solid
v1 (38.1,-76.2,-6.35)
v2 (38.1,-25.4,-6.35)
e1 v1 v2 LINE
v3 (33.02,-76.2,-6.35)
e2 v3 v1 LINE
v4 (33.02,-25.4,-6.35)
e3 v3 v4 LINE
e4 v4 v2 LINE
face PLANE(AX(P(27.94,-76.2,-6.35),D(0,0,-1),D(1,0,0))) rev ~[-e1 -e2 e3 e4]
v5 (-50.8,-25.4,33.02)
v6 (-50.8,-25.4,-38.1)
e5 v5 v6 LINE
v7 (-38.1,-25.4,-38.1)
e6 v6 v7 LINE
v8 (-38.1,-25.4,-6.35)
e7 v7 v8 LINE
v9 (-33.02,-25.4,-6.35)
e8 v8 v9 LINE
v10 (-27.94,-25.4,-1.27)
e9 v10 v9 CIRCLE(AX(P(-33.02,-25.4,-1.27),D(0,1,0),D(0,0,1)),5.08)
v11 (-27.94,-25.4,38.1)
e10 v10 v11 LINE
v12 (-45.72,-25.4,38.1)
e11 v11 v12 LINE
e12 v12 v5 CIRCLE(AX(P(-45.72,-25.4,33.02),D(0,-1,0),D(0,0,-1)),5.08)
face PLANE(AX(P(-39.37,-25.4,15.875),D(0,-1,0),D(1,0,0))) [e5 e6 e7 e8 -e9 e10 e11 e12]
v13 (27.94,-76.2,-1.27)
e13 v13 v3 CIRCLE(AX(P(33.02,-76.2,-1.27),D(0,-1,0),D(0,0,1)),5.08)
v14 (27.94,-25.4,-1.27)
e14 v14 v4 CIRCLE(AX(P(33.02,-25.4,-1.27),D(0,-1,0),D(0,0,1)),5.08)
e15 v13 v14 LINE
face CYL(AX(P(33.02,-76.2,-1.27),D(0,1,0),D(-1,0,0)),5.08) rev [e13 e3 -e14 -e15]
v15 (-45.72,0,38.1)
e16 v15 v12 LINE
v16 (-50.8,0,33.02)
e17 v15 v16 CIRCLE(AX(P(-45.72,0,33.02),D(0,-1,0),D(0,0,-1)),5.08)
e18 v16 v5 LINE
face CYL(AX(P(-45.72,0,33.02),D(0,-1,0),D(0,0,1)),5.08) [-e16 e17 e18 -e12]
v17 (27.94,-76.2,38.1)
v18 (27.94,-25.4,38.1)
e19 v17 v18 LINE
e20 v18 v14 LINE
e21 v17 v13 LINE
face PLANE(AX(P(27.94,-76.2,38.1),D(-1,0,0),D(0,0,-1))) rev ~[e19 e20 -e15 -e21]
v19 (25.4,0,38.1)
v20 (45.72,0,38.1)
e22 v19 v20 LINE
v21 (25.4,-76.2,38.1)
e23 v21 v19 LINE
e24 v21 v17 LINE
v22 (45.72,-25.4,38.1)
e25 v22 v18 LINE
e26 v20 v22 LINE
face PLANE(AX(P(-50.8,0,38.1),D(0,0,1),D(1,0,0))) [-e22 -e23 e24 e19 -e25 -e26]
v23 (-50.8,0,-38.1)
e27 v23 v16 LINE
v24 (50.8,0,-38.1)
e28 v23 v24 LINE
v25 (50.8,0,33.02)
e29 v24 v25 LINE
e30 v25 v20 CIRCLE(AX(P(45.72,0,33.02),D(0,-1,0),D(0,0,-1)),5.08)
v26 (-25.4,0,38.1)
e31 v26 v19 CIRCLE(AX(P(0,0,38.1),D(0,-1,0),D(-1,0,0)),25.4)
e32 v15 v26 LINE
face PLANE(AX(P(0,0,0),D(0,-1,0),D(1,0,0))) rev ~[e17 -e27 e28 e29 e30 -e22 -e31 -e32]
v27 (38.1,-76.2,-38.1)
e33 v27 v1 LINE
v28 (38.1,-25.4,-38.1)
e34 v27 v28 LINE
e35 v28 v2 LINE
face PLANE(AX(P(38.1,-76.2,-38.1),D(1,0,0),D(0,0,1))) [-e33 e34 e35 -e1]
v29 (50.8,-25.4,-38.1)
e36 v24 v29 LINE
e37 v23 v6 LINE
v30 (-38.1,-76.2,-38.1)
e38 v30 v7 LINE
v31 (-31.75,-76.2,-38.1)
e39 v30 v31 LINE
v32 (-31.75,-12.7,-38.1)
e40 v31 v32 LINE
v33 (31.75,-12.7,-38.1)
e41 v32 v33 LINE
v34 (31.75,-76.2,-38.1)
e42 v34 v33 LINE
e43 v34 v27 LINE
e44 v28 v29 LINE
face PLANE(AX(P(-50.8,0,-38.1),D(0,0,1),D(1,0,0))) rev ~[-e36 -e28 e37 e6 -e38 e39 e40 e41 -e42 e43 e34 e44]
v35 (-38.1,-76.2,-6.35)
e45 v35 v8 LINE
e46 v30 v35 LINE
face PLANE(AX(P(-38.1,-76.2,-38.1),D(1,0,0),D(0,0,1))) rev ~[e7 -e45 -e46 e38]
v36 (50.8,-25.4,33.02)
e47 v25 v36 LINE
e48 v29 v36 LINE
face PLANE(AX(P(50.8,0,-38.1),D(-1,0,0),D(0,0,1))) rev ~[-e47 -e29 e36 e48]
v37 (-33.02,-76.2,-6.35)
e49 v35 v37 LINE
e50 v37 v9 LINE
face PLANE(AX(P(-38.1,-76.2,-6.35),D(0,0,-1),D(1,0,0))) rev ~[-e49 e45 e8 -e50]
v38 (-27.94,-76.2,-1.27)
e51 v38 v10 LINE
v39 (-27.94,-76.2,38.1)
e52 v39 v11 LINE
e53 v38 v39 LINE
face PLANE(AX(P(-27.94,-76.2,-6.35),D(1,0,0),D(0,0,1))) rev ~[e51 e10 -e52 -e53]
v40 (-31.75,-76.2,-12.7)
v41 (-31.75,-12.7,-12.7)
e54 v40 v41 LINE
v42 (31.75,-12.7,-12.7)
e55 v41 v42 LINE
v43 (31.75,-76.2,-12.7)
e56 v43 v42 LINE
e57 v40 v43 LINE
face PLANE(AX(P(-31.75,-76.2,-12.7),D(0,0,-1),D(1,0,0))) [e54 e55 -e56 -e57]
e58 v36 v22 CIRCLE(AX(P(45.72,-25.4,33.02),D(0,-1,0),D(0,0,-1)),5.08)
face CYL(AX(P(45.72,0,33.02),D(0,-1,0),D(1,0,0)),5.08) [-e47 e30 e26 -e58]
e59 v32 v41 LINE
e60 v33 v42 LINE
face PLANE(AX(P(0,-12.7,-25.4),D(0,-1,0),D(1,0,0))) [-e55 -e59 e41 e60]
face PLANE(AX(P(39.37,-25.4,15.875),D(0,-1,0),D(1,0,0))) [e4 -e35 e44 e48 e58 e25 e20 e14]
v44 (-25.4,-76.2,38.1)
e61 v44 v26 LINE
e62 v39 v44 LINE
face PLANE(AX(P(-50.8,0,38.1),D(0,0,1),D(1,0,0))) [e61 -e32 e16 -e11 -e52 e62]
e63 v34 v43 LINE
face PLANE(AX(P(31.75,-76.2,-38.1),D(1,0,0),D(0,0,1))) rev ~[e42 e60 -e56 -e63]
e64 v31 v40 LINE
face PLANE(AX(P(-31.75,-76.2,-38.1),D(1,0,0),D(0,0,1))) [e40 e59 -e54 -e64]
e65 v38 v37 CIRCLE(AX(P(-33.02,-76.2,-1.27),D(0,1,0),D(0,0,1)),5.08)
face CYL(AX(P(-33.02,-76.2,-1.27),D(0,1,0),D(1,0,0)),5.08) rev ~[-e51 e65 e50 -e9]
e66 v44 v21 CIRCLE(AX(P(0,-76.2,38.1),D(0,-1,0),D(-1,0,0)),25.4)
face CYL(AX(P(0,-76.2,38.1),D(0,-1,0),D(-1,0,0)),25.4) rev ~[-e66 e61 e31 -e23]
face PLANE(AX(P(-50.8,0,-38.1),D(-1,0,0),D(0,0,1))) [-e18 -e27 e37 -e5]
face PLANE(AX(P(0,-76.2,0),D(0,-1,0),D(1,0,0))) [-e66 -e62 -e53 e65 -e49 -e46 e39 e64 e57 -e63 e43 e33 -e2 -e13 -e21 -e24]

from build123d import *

# Parameters (mm, degrees)
F0_W     = 101.6
F0_H     = 76.2
F1_DEPTH = 76.2
F3_DEPTH = 76.201
F2_W     = 63.5
F2_H     = 25.4
F4_DEPTH = 63.5
F2_W_2   = 12.7
F2_H_2   = 31.75
F5_DEPTH = 50.8
F6_R     = 5.08
F7_R     = 5.08


with BuildPart() as f1:
    # F0 (on Front) → F1 (new body)
    with BuildSketch(Plane.XZ):
        Rectangle(F0_W, F0_H)
    extrude(amount=F1_DEPTH)

    # F2 (on face) → F3 (cut, through all)
    with BuildSketch(Plane.XZ.offset(76.2)):
        with BuildLine():
            ThreePointArc((-25.4, 38.1), (0, 12.7), (25.4, 38.1))
            Line((25.4, 38.1), (-25.4, 38.1))
        make_face()
    extrude(amount=-F3_DEPTH, mode=Mode.SUBTRACT)

    # F2 (on face) → F4 (cut)
    with BuildSketch(Plane.XZ.offset(76.2)):
        with Locations((0, -25.4)):
            Rectangle(F2_W, F2_H)
    extrude(amount=-F4_DEPTH, mode=Mode.SUBTRACT)

    # F2 (on face) → F5 (cut)
    with BuildSketch(Plane.XZ.offset(76.2)):
        Polygon((50.8, 38.1), (27.94, 38.1), (27.94, -6.35), (38.1, -6.35), (50.8, -6.35), align=None)
        with Locations((44.45, -22.225)):
            Rectangle(F2_W_2, F2_H_2)
        Polygon((-27.94, -6.35), (-27.94, 38.1), (-50.8, 38.1), (-50.8, -6.35), (-38.1, -6.35), align=None)
        with Locations((-44.45, -22.225)):
            Rectangle(F2_W_2, F2_H_2)
    extrude(amount=-F5_DEPTH, mode=Mode.SUBTRACT)

    # F6
    f6_edges = [f1.edges().sort_by_distance(p)[0] for p in [
        (27.94, -50.8, -6.35),
        (-27.94, -50.8, -6.35),
    ]]
    fillet(f6_edges, radius=F6_R)

    # F7
    f7_edges = [f1.edges().sort_by_distance(p)[0] for p in [
        (50.8, -12.7, 38.1),
        (-50.8, -12.7, 38.1),
    ]]
    fillet(f7_edges, radius=F7_R)


solid = f1.part
